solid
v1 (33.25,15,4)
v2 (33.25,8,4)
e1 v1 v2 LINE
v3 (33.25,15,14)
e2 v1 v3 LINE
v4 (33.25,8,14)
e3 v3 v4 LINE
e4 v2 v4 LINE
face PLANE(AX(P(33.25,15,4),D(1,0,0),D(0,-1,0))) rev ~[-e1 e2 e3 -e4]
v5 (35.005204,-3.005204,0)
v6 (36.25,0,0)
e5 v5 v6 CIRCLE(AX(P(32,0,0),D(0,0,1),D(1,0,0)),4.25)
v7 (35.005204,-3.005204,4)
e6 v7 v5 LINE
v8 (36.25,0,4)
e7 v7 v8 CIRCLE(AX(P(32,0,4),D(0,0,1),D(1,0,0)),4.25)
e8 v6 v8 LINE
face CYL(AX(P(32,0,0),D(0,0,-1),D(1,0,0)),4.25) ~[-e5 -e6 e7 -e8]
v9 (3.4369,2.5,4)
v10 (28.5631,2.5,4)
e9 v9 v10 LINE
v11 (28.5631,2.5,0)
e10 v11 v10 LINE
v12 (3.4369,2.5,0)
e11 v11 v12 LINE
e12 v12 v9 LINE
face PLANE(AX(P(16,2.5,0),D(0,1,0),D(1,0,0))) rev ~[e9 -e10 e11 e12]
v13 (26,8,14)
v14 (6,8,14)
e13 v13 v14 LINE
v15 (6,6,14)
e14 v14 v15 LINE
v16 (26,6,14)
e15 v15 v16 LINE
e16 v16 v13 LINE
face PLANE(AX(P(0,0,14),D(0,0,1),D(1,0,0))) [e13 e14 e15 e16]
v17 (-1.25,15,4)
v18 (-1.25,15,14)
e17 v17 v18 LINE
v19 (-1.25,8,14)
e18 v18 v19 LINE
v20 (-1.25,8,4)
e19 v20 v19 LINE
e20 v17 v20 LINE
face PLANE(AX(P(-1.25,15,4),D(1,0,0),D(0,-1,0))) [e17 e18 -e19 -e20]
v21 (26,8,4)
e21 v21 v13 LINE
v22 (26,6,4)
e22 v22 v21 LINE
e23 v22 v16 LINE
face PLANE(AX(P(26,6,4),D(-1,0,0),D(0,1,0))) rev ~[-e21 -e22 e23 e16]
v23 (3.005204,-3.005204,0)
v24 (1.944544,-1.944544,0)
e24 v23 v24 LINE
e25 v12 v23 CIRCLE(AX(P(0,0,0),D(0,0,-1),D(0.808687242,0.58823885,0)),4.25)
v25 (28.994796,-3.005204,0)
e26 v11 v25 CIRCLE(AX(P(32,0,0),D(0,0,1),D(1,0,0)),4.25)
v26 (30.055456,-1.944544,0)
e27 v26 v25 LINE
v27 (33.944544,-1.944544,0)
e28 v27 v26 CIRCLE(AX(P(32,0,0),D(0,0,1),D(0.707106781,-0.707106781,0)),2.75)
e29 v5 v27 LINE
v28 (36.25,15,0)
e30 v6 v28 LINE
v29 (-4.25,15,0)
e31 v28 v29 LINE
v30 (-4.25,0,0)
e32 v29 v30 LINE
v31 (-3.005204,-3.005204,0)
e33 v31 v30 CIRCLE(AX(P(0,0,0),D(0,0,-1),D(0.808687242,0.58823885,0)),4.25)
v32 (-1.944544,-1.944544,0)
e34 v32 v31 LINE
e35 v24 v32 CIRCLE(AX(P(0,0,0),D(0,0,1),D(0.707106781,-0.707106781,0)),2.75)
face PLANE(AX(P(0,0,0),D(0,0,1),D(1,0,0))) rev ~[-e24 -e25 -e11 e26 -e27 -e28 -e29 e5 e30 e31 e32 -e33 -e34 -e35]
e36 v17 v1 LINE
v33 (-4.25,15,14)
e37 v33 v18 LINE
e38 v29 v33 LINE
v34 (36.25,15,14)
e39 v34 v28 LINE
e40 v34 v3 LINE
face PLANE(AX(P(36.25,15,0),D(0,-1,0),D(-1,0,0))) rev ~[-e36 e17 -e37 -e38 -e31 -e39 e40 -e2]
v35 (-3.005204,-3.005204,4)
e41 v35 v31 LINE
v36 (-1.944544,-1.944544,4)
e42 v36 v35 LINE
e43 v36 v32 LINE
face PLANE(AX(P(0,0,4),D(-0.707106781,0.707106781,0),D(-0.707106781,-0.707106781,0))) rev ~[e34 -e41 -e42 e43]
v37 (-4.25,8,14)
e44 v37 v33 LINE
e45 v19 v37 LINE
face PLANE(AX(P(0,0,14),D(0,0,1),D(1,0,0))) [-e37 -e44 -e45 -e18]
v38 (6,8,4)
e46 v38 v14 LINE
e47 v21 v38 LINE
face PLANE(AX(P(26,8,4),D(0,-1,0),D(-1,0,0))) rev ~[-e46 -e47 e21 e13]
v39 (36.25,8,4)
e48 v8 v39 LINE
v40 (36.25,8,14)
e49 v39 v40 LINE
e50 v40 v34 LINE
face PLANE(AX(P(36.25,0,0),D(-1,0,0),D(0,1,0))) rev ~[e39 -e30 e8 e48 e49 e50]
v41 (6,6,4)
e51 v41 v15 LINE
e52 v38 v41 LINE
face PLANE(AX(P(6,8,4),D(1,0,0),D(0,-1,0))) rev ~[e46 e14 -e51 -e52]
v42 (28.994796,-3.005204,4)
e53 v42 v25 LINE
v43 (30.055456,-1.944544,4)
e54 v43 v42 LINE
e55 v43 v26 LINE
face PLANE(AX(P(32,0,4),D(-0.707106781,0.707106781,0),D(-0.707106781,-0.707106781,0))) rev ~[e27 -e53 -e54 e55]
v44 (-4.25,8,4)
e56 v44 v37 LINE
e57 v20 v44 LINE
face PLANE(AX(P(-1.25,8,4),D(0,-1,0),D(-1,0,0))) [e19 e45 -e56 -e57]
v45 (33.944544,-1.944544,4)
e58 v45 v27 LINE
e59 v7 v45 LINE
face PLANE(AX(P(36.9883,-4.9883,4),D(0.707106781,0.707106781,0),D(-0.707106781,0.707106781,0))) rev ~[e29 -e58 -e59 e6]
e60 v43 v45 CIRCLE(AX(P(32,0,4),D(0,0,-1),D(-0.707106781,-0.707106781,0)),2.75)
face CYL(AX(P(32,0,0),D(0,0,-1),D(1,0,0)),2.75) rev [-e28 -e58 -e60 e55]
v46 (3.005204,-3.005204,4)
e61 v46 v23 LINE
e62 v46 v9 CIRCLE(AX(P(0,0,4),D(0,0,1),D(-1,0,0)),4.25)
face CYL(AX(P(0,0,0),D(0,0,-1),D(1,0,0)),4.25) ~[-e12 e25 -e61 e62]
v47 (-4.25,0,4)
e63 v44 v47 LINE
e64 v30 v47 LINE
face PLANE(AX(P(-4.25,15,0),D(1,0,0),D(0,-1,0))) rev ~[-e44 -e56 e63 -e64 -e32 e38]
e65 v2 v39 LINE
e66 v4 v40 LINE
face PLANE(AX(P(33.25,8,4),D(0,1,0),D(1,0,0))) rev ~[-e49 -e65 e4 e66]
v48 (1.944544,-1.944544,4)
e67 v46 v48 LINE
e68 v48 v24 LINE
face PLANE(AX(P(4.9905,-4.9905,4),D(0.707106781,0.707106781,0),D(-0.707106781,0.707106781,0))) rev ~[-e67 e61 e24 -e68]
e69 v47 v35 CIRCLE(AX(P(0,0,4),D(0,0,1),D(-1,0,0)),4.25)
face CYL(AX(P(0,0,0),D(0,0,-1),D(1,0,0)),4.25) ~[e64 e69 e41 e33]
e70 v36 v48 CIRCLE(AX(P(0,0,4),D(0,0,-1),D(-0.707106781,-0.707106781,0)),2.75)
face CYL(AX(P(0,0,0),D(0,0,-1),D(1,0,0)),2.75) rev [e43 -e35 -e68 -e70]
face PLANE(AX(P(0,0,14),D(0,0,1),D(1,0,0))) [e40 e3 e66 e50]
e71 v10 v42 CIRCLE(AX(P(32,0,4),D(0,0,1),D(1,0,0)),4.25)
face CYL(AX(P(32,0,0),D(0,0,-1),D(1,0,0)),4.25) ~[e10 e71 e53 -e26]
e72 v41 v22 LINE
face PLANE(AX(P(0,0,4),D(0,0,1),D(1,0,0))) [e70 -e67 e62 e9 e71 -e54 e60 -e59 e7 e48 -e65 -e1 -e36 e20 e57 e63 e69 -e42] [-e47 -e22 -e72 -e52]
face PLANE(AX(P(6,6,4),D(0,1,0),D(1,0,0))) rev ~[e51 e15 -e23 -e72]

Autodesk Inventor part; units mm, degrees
ref_plane "YZ Plane" through (0, 0, 0) normal (1, 0, 0) x (0, 1, 0)
ref_plane "XZ Plane" through (0, 0, 0) normal (0, 1, 0) x (-1, 0, 0)
ref_plane "XY Plane" through (0, 0, 0) normal (0, 0, 1) x (1, 0, 0)
sketch "Sketch1" plane through (0, 0, 0) normal (0, 0, 1) x (1, 0, 0)
  line L0 (0, 0) -> (32, 0) construction
  line L1 (32, 0) -> (32, 15) construction
  line L2 (32, 15) -> (0, 15) construction
  line L3 (0, 15) -> (0, 0) construction
  circle A0 centre (0, 0) radius 2.75
  circle A1 centre (32, 0) radius 2.75
  line L4 (16, 15) -> (16, 0)
  line L5 (36.25, 0) -> (36.25, 15)
  line L6 (36.25, 15) -> (-4.25, 15)
  line L7 (-4.25, 15) -> (-4.25, 0)
  circle A2 centre (0, 0) radius 4.25
  circle A3 centre (32, 0) radius 4.25
  line L8 (3.4369, 2.5) -> (28.5631, 2.5)
  point P0 (0, 4.25)
  point P1 (32, 4.25)
  dimension "d0" = 32
  dimension "d2" = 15
  dimension "d4" = 5.5
  dimension "d6" = 1.5
  dimension "d7" = 1.5
  dimension "d10" = 5.5
  dimension "d11" = 2.5
extrude "Extrusion1" add sketch "Sketch1" along normal blind 4
sketch "Sketch2" plane through (0, 0, 4) normal (0, 0, 1) x (1, 0, 0)
  line L0 (-4.25, 15) -> (-4.25, 0) projected
  line L1 (3.4369, 2.5) -> (28.5631, 2.5) projected
  line L2 (36.25, 0) -> (36.25, 15) projected
  line L3 (0, 0) -> (-4.0526, -4.0526)
  line L4 (-4.0526, -4.0526) -> (0.938, -9.0431)
  line L5 (0.938, -9.0431) -> (4.9905, -4.9905)
  line L6 (4.9905, -4.9905) -> (0, 0)
  circle A0 centre (32, 0) radius 2.75 construction
  line L7 (32, 0) -> (27.2846, -4.7154)
  line L8 (27.2846, -4.7154) -> (32.2729, -9.7038)
  line L9 (32.2729, -9.7038) -> (36.9883, -4.9883)
  line L10 (36.9883, -4.9883) -> (32, 0)
  dimension "d24" = 45
extrude "Extrusion2" cut sketch "Sketch2" against normal through all
sketch "Sketch3" plane through (0, 0, 4) normal (0, 0, 1) x (1, 0, 0)
  line L0 (-4.25, 15) -> (-1.25, 15)
  line L1 (-1.25, 15) -> (-1.25, 8)
  line L2 (-1.25, 8) -> (-4.25, 8)
  line L3 (-4.25, 8) -> (-4.25, 15)
  line L4 (36.25, 15) -> (33.25, 15)
  line L5 (33.25, 15) -> (33.25, 8)
  line L6 (33.25, 8) -> (36.25, 8)
  line L7 (36.25, 8) -> (36.25, 15)
  line L8 (6, 6) -> (26, 6)
  line L9 (26, 6) -> (26, 8)
  line L10 (26, 8) -> (6, 8)
  line L11 (6, 8) -> (6, 6)
  line L12 (3.4369, 2.5) -> (28.5631, 2.5) projected
  point P0 (0, 0)
  point P1 (16, 6)
  point P2 (16, 2.5)
  dimension "d18" = 3
  dimension "d19" = 7
  dimension "d20" = 3
  dimension "d21" = 7
  dimension "d25" = 2
  dimension "d26" = 20
extrude "Extrusion3" add sketch "Sketch3" along normal blind 10
equation "\"d4\" = d10"
equation "\"d7\" = d6"
equation "\"d20\" = d18"
equation "\"d21\" = d19"
properties part number "switch lever"
